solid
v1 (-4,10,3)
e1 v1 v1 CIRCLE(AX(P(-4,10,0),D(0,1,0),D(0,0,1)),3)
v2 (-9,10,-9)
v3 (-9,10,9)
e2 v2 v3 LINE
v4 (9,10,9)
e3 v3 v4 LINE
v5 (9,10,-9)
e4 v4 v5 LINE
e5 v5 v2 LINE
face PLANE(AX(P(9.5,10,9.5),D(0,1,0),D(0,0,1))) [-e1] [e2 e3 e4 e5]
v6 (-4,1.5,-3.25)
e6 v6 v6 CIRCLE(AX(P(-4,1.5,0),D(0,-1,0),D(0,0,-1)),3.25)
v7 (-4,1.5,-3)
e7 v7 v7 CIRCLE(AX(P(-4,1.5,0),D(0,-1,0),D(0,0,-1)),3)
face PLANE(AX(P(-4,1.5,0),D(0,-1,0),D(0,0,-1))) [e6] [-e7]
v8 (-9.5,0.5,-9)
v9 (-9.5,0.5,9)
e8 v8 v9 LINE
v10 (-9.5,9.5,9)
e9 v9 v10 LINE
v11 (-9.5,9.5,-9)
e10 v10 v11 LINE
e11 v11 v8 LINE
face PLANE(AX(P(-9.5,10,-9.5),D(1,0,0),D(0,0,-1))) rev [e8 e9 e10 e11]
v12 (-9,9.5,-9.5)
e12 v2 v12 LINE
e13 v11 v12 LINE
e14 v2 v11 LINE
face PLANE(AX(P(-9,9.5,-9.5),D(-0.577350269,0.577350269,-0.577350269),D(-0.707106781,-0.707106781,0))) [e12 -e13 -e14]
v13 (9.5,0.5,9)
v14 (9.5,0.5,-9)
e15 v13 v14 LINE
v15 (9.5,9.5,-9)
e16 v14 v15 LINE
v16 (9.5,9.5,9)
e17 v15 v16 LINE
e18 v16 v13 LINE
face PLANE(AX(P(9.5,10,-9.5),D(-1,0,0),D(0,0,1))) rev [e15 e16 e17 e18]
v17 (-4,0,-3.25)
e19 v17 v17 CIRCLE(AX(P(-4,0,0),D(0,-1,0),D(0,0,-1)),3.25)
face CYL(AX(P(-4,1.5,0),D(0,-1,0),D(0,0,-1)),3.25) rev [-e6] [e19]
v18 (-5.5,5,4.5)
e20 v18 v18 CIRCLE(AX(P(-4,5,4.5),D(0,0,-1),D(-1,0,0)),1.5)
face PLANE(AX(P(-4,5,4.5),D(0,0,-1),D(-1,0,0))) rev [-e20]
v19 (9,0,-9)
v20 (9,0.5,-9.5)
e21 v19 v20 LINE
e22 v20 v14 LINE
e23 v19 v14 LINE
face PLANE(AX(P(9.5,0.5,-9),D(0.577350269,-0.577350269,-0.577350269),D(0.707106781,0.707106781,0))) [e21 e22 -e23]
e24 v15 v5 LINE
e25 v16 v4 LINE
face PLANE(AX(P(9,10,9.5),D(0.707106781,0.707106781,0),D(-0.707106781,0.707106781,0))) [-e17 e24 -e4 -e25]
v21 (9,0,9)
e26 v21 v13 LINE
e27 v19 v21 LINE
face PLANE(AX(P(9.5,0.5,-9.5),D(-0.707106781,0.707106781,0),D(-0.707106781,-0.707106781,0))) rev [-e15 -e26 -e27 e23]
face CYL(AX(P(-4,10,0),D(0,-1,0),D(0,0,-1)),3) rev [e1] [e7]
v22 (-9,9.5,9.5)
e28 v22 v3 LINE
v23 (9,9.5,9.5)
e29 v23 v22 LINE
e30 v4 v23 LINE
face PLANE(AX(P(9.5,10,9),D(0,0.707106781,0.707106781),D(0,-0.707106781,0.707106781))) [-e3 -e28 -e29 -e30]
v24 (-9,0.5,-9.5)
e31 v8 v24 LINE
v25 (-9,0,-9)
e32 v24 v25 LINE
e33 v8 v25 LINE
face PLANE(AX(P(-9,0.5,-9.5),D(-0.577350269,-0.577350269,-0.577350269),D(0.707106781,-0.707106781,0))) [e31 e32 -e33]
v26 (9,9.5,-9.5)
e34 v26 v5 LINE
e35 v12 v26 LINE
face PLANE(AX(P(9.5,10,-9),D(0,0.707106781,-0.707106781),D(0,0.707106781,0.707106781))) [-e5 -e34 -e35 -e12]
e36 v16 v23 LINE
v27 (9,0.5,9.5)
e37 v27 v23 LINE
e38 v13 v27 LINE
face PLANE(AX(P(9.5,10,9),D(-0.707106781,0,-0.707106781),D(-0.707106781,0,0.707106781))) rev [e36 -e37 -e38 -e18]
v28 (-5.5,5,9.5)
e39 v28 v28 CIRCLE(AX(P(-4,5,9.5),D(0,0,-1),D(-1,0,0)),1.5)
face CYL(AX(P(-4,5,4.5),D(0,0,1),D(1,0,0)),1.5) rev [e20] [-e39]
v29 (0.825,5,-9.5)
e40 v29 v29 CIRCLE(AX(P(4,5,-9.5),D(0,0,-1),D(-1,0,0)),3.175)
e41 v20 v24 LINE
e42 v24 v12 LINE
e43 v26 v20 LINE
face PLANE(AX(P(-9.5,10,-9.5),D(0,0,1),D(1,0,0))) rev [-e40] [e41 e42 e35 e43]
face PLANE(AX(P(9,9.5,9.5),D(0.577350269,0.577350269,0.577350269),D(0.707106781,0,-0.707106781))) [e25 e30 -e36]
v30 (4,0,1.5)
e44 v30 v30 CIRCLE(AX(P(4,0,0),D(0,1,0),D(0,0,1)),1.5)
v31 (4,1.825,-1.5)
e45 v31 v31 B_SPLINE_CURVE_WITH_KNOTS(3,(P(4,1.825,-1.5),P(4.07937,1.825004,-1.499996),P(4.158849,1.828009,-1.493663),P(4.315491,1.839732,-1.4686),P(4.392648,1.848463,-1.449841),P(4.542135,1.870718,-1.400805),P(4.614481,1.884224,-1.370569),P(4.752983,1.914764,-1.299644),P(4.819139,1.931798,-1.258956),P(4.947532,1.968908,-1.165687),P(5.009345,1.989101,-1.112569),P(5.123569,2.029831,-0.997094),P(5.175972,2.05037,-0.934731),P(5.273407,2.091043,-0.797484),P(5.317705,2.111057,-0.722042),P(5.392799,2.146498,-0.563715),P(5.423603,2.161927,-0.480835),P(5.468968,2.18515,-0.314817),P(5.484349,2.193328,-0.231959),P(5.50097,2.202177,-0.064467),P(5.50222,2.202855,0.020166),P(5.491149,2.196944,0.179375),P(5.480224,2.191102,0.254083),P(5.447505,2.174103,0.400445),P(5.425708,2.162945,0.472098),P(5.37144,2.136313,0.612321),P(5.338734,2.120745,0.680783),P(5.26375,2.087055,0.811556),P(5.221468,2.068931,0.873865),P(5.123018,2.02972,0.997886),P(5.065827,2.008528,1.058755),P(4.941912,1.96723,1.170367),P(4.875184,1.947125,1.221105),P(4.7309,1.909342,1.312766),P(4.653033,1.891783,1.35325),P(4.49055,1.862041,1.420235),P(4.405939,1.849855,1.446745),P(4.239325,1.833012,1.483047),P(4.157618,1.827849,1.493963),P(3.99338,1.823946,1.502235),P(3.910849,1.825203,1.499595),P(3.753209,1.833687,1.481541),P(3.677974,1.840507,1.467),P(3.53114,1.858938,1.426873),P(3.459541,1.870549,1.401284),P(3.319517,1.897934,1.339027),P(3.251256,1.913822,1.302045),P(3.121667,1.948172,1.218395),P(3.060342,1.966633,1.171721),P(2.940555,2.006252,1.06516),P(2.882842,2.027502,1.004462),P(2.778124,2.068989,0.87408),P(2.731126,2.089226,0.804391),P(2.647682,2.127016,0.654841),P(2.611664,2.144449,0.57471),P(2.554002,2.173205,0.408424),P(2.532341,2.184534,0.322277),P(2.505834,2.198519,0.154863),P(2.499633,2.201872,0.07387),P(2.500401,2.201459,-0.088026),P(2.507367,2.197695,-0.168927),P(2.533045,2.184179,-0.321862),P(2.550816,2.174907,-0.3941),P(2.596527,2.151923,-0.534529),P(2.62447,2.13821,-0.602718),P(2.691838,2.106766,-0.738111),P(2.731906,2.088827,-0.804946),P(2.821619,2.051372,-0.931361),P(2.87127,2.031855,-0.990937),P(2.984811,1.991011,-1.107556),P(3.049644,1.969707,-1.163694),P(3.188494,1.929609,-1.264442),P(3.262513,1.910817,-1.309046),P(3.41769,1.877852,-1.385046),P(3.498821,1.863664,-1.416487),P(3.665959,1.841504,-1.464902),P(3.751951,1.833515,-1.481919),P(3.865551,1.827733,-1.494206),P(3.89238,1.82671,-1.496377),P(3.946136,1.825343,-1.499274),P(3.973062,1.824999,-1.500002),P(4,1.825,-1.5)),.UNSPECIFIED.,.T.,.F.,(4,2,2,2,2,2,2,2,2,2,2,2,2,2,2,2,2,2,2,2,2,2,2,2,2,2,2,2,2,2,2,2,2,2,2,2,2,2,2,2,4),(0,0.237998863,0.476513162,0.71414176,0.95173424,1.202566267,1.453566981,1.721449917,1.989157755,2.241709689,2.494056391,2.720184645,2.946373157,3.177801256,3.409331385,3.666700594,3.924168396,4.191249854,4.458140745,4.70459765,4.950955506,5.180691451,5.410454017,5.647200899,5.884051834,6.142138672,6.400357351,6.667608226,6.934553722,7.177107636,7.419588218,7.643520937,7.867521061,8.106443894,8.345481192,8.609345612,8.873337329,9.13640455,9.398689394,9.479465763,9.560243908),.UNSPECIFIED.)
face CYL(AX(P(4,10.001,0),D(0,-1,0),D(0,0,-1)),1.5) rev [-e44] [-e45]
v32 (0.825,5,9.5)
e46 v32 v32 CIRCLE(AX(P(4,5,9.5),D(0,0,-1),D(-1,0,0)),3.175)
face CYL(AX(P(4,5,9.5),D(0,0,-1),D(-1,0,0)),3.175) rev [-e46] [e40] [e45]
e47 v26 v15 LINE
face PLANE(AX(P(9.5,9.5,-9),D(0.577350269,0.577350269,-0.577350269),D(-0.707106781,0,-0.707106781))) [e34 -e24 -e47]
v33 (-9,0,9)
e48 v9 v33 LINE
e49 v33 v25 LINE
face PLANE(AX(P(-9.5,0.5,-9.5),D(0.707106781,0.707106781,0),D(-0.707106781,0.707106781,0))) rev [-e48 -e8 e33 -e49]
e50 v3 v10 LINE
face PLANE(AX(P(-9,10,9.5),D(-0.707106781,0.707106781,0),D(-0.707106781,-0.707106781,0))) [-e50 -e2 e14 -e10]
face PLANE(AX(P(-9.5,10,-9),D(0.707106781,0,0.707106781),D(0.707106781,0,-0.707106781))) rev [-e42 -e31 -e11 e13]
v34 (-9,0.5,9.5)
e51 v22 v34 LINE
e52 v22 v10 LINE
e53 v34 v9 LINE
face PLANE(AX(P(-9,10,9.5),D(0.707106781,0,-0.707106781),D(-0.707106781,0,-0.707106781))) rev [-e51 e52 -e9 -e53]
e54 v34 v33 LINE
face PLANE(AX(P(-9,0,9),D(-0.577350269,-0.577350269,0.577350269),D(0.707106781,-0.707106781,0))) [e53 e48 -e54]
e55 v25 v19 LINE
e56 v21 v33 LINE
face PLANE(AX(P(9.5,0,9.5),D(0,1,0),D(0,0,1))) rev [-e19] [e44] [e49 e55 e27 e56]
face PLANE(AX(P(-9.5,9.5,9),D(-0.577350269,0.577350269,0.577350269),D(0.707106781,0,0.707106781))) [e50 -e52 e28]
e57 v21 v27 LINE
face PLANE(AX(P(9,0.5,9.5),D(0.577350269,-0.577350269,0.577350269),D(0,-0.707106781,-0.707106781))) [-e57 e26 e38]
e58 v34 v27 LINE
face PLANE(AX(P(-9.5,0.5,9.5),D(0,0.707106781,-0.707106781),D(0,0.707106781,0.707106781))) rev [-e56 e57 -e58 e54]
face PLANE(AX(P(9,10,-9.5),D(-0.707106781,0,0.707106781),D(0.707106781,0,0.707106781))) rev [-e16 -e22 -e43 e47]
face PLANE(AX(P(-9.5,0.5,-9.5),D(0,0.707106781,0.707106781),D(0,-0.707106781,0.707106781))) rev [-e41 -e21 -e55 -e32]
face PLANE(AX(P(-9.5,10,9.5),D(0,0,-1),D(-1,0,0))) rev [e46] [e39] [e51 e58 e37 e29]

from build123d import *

# Parameters (mm, degrees)
SKETCH2_W           = 19
SKETCH2_H           = 19
SKETCH2_R           = 3
BOSS_EXTRUDE1_DEPTH = 10
SKETCH3_R           = 3.25
CUT_EXTRUDE1_DEPTH  = 1.5
SKETCH7_R           = 3.175
CUT_EXTRUDE5_DEPTH  = 20
CUT_EXTRUDE9_REACH  = 12
SKETCH12_R          = 1.5
SKETCH14_R          = 1.5
CUT_EXTRUDE11_DEPTH = 5
CHAMFER1_SIZE       = 0.5


with BuildPart() as part:
    # Sketch2 → Boss-Extrude1 (new body)
    with BuildSketch(Plane(origin=(0, 0, 0), x_dir=(1, 0, 0), z_dir=(0, 1, 0))):
        Rectangle(SKETCH2_W, SKETCH2_H)
        with Locations((-4, 0)):
            Circle(SKETCH2_R, mode=Mode.SUBTRACT)
    extrude(amount=BOSS_EXTRUDE1_DEPTH)

    # Sketch3 → Cut-Extrude1 (cut)
    with BuildSketch(Plane.XZ):
        with Locations((-4, 0)):
            Circle(SKETCH3_R)
    extrude(amount=-CUT_EXTRUDE1_DEPTH, mode=Mode.SUBTRACT)

    # Sketch7 → Cut-Extrude5 (cut, through all)
    with BuildSketch(Plane(origin=(0, 0, -9.5), x_dir=(-1, 0, 0), z_dir=(0, 0, -1))):
        with Locations((-4, 5)):
            Circle(SKETCH7_R)
    extrude(amount=-CUT_EXTRUDE5_DEPTH, mode=Mode.SUBTRACT)

    # Sketch12 → Cut-Extrude9 (cut, up to next)
    with BuildSketch(Plane(origin=(0, 0, 0), x_dir=(1, 0, 0), z_dir=(0, 1, 0)), mode=Mode.PRIVATE) as cut_extrude9_sk1:
        with Locations((4, 0)):
            Circle(SKETCH12_R)
    cut_extrude9_tool1 = extrude(cut_extrude9_sk1.sketch, amount=CUT_EXTRUDE9_REACH, mode=Mode.PRIVATE) & part.part
    add(cut_extrude9_tool1.solids().sort_by_distance((4, 0, 0))[0], mode=Mode.SUBTRACT)

    # Sketch14 → Cut-Extrude11 (cut)
    with BuildSketch(Plane(origin=(0, 0, 9.5), x_dir=(-1, 0, 0), z_dir=(0, 0, -1))):
        with Locations((4, 5)):
            Circle(SKETCH14_R)
    extrude(amount=CUT_EXTRUDE11_DEPTH, mode=Mode.SUBTRACT)

    # Chamfer1
    chamfer1_edges = [part.edges().sort_by_distance(p)[0] for p in [
        (-9.5, 10, 0),
        (0, 10, 9.5),
        (9.5, 10, 0),
        (0, 0, 9.5),
        (-9.5, 0, 0),
        (0, 0, -9.5),
        (9.5, 0, 0),
        (0, 10, -9.5),
        (9.5, 5, 9.5),
        (-9.5, 5, 9.5),
        (-9.5, 5, -9.5),
        (9.5, 5, -9.5),
    ]]
    chamfer(chamfer1_edges, length=CHAMFER1_SIZE)


solid = part.part
